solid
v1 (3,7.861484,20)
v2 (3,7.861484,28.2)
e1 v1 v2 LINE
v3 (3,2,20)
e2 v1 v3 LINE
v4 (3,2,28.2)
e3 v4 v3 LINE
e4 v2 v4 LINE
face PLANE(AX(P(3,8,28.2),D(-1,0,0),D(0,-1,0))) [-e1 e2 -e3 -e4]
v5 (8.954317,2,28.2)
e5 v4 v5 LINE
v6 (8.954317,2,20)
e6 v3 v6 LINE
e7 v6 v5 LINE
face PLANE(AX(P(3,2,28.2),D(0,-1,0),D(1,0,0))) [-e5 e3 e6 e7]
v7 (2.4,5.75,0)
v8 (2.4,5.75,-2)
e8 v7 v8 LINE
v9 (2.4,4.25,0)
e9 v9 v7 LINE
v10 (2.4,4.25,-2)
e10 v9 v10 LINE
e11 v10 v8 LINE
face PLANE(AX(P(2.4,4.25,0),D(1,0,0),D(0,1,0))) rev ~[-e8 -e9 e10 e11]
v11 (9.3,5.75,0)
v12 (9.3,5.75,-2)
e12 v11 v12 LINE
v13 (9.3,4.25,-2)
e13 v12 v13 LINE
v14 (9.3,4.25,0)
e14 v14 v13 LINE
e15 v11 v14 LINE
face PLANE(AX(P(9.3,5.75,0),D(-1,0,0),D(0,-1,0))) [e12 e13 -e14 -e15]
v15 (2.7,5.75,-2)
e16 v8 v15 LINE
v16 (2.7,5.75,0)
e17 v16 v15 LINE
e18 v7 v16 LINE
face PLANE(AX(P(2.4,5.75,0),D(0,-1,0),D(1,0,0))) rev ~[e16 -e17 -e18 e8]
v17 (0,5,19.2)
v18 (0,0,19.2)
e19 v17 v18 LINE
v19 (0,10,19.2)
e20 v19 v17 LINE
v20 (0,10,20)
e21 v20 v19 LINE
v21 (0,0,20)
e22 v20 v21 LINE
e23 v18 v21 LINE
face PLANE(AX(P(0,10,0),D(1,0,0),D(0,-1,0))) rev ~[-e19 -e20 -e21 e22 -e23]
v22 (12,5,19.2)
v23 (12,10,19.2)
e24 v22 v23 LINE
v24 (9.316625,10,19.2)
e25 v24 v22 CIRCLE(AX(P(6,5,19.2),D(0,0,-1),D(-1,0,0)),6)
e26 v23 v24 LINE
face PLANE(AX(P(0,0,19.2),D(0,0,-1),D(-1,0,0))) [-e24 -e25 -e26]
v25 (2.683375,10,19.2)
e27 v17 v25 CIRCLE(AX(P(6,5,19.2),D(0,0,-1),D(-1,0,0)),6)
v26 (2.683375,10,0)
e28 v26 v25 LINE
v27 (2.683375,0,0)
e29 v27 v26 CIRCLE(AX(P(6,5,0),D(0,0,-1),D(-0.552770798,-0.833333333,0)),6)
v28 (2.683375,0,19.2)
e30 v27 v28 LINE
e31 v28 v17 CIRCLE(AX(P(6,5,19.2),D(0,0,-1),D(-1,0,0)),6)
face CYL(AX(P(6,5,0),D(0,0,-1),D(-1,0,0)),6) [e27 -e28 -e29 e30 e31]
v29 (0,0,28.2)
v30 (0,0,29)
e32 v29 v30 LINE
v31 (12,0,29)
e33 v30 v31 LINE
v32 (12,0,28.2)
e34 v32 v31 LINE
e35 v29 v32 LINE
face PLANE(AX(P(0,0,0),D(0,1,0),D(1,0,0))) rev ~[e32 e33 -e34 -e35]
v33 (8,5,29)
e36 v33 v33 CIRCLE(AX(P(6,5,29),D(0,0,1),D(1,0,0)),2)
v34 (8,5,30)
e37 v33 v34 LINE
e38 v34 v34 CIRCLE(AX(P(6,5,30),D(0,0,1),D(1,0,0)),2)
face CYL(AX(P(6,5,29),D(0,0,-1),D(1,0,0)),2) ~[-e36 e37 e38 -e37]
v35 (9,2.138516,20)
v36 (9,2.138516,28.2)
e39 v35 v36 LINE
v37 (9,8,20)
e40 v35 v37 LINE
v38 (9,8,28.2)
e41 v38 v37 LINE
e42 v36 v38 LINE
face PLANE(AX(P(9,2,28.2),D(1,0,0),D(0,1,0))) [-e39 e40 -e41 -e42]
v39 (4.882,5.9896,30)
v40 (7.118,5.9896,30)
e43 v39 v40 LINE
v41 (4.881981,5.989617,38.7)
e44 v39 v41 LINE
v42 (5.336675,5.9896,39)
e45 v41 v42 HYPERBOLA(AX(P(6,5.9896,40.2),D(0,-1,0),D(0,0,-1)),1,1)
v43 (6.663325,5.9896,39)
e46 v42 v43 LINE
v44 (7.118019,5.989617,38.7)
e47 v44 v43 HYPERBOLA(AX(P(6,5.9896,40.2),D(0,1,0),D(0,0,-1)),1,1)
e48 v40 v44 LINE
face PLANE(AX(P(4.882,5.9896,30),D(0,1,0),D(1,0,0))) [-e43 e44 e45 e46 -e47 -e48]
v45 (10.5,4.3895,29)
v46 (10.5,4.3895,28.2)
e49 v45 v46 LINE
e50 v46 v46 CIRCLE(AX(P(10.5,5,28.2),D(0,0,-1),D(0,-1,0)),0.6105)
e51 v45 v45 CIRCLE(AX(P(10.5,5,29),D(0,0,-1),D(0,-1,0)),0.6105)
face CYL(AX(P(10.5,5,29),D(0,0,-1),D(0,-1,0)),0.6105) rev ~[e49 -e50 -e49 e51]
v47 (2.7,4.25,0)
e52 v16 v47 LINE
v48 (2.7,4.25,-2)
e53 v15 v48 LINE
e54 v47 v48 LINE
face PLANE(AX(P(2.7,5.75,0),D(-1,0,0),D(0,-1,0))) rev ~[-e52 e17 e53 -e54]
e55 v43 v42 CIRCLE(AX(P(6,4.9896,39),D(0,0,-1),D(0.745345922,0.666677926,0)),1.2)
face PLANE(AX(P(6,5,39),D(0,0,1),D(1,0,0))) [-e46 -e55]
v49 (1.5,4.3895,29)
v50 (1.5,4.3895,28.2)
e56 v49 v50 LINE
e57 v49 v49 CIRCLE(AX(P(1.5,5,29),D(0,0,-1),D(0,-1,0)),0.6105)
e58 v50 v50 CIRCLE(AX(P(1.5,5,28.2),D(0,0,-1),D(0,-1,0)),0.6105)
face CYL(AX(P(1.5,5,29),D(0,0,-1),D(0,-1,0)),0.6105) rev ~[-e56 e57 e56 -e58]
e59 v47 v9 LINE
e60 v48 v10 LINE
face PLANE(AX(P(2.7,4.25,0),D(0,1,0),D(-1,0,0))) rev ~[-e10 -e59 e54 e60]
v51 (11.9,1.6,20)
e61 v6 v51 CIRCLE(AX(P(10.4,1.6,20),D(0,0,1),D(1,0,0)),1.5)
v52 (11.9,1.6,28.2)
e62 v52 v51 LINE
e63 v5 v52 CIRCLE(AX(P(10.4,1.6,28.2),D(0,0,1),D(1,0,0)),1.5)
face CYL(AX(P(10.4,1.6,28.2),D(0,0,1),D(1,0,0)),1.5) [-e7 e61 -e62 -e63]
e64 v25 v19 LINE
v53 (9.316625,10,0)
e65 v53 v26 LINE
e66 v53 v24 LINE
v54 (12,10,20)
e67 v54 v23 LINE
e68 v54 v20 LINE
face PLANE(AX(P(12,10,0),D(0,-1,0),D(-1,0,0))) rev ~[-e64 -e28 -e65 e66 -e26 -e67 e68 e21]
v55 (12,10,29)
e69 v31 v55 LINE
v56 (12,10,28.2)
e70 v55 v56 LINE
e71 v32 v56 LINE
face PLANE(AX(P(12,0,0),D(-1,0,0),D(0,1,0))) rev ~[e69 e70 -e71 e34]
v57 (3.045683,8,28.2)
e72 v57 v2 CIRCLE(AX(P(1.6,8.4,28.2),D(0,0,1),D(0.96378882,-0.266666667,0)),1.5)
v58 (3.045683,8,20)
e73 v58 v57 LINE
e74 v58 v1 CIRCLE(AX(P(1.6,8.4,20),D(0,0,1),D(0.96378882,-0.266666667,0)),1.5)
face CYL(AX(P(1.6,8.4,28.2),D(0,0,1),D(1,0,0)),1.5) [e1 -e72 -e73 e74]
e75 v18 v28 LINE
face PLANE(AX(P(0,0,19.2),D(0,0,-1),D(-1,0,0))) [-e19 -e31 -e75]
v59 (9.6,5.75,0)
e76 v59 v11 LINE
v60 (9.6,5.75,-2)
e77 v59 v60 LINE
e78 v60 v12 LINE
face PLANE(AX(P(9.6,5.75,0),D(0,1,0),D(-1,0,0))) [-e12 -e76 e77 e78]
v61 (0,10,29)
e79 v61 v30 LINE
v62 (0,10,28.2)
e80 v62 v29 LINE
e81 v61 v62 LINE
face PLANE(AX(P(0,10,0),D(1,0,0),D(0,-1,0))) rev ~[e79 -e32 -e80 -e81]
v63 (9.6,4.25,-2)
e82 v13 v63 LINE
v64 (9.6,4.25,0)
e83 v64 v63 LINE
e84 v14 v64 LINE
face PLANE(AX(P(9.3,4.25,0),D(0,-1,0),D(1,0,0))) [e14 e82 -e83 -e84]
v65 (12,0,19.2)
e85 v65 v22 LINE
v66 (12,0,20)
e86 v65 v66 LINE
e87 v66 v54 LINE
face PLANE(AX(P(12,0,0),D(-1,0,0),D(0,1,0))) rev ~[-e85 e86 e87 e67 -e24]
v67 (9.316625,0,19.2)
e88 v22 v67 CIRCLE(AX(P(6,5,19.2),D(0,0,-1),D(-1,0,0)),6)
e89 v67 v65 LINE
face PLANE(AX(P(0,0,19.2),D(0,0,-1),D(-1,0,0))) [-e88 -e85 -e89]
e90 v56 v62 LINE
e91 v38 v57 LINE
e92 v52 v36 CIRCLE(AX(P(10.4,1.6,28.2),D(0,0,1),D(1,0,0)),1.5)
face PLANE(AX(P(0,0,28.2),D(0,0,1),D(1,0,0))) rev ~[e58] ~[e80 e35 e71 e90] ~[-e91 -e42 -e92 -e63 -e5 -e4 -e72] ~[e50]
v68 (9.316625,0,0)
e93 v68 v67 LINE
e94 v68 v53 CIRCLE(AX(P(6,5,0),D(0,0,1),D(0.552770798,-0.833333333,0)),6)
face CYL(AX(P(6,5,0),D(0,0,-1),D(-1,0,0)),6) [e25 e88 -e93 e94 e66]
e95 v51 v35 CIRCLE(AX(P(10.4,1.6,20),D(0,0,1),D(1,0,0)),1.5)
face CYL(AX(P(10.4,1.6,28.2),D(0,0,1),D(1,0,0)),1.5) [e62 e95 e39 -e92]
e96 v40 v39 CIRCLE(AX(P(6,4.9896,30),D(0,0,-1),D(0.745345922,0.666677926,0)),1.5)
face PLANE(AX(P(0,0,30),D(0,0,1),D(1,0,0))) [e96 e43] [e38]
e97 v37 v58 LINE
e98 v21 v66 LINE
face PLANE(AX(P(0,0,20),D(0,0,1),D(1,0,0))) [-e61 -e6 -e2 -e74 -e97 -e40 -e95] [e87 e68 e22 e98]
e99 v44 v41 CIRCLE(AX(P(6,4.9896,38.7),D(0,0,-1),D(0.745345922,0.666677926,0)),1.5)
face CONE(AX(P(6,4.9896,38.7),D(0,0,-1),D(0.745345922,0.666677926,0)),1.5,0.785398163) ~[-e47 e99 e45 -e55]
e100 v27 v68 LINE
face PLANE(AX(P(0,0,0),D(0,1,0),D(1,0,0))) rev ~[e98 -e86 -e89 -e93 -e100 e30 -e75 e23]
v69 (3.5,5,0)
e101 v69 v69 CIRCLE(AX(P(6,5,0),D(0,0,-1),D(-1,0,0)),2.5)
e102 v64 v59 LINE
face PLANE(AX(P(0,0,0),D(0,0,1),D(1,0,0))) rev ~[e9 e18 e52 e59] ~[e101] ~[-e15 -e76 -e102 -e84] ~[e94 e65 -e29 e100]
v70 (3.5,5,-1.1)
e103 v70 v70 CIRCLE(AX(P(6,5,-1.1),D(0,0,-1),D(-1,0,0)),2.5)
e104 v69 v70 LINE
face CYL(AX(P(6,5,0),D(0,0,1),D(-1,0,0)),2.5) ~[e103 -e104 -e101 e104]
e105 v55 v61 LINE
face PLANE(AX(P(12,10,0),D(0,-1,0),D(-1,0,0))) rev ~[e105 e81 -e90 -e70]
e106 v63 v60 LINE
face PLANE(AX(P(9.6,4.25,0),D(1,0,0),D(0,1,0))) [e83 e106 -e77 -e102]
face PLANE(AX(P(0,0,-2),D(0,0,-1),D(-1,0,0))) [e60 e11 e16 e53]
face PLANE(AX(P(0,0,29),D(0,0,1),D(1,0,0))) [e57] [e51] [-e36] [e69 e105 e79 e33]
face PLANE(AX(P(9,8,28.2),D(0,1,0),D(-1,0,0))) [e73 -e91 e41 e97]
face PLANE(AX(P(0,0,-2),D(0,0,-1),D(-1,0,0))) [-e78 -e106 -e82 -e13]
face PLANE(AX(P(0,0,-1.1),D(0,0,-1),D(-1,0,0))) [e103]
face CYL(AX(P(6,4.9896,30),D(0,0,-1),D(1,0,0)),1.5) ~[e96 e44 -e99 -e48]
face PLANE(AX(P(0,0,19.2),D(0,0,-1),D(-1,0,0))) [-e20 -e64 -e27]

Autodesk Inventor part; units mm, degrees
ref_plane "YZ Plane" through (0, 0, 0) normal (1, 0, 0) x (0, 1, 0)
ref_plane "XZ Plane" through (0, 0, 0) normal (0, 1, 0) x (-1, 0, 0)
sketch "Sketch1" plane through (0, 0, 0) normal (0, 0, 1) x (1, 0, 0)
  line L0 (0, 0) -> (12, 0)
  line L1 (12, 0) -> (12, 10)
  line L2 (12, 10) -> (0, 10)
  line L3 (0, 10) -> (0, 0)
  dimension "d0" = 10
  dimension "d1" = 12
extrude "Extrusion1" add sketch "Sketch1" along normal blind 20
sketch "Sketch2" plane through (0, 0, 20) normal (0, 0, 1) x (1, 0, 0)
  line L0 (12, 0) -> (12, 10) projected
  line L1 (0, 0) -> (12, 0)
  line L2 (12, 0) -> (12, 10)
  line L3 (12, 10) -> (0, 10)
  line L4 (0, 10) -> (0, 0)
extrude "Extrusion2" add sketch "Sketch2" along normal blind 9
sketch "Sketch3" plane through (0, 0, 29) normal (0, 0, 1) x (1, 0, 0)
  line L0 (12, 10) -> (0, 10) projected
  line L1 (0, 10) -> (0, 0) projected
  line L2 (12, 0) -> (12, 10) projected
  point P0 (1.5, 5)
  point P1 (10.5, 5)
  dimension "d6" = 5
  dimension "d7" = 5
  dimension "d8" = 9
  dimension "d9" = 1.5
  dimension "d10" = 1.5
hole "Hole1" at (1.5, 5, 29) at (10.5, 5, 29) direction (0, 0, -1) diameter 1.221 depth 0.8 thread size "M1.6x0.35" class "6H" standard "ISO Metric profile"
ref_plane "Work Plane1" through (0, 0, 28.2) normal (0, 0, 1) x (1, 0, 0)
sketch "Sketch4" plane through (0, 0, 28.2) normal (0, 0, 1) x (1, 0, 0)
  line L0 (0, 10) -> (0, 0) projected
  line L1 (12, 0) -> (12, 10) projected
  line L2 (0, 0) -> (12, 0)
  line L3 (12, 0) -> (12, 10)
  line L4 (12, 10) -> (0, 10)
  line L5 (0, 10) -> (0, 0)
  line L6 (3, 2) -> (9, 2)
  line L7 (9, 2) -> (9, 8)
  line L8 (9, 8) -> (3, 8)
  line L9 (3, 8) -> (3, 2)
  circle A0 centre (10.5, 5) radius 0.6105 projected
  circle A1 centre (1.5, 5) radius 0.6105 projected
  point P0 (6, 5)
  dimension "d19" = 2
  dimension "d20" = 2
  dimension "d21" = 1.5
  dimension "d22" = 1.5
extrude "Extrusion3" cut sketch "Sketch4" against normal blind 8.2 contours L4 L1 L2 L0 | A0 | A1
sketch "Sketch5" plane through (0, 0, 28.2) normal (0, 0, 1) x (1, 0, 0)
  line L0 (12, 10) -> (0, 10) projected
  line L1 (0, 10) -> (0, 0) projected
  line L2 (12, 0) -> (12, 10) projected
  line L3 (0, 0) -> (12, 0) projected
  circle A0 centre (1.6, 8.4) radius 1.5
  circle A1 centre (10.4, 1.6) radius 1.5
  dimension "d25" = 1.6
  dimension "d26" = 1.6
  dimension "d27" = 1.6
  dimension "d28" = 1.6
  dimension "d29" = 3
extrude "Extrusion4" add sketch "Sketch5" against normal up to surface (8.2 mm away) contours A0 | A1
sketch "Sketch6" plane through (0, 0, 29) normal (0, 0, 1) x (1, 0, 0)
  line L0 (12, 10) -> (0, 10) projected
  line L1 (0, 0) -> (12, 0) projected
  line L2 (12, 0) -> (12, 10) projected
  line L3 (0, 10) -> (0, 0) projected
  circle A0 centre (6, 5) radius 2
  dimension "d32" = 5
  dimension "d33" = 5
  dimension "d34" = 6
  dimension "d35" = 6
  dimension "d36" = 4
extrude "Extrusion5" add sketch "Sketch6" along normal blind 1 contours A0
sketch "Sketch7" plane through (6, 5, 30) normal (0, 0, 1) x (1, 0, 0)
  circle A0 centre (0, -0.0104) radius 1.5
  line L0 (-1.118, 0.9896) -> (1.118, 0.9896)
  point P0 (-6, -5)
  point P1 (0, -1.5104)
  dimension "d39" = 3
  dimension "d40" = 2.5
extrude "Extrusion6" add sketch "Sketch7" along normal blind 9 contours A0 L0 picked at (0.0594, 0.1598)
chamfer "Chamfer1" distance 0.3 angle 45 1 edges at (6, 3.4896, 39)
sketch "Sketch8" plane through (0, 0, 0) normal (0, 0, -1) x (-1, 0, 0)
  line L0 (-12, 10) -> (0, 10) projected
  line L1 (-12, 0) -> (-12, 10) projected
  circle A0 centre (-6, 5) radius 6
  line L2 (-12, 10) -> (-12, 0) projected
  line L3 (0, 0) -> (-12, 0)
  line L4 (-12, 0) -> (-12, 10)
  line L5 (-12, 10) -> (0, 10)
  line L6 (0, 10) -> (0, 0)
  point P0 (0, 5)
  point P1 (0, 10)
  point P2 (-2.6834, 10)
  point P3 (-2.6834, 0)
  point P4 (-9.3166, 0)
  point P5 (-12, 5)
  point P6 (-9.3166, 10)
  dimension "d46" = 5
  dimension "d47" = 6
extrude "Extrusion7" cut sketch "Sketch8" against normal blind 19.2 contours L0 A0 L1 | A0 L3 L1 | L0 L6 A0 | L6 L3 A0
sketch "Sketch9" plane through (0, 0, 0) normal (0, 0, -1) x (-1, 0, 0)
  arc A0 (-9.3166, 10) -> (-9.3166, 0) centre (-6, 5) ccw projected
  line L0 (-12, 5) -> (-12, 10) projected
  line L1 (0, 5) -> (0, 0) projected
  line L2 (-9.3, 4.25) -> (-9.6, 4.25)
  line L3 (-9.6, 4.25) -> (-9.6, 5.75)
  line L4 (-9.6, 5.75) -> (-9.3, 5.75)
  line L5 (-9.3, 5.75) -> (-9.3, 4.25)
  line L6 (-9.3, 4.25) -> (-9.6, 5.75) construction
  line L7 (-9.6, 4.25) -> (-9.3, 5.75) construction
  line L8 (-2.7, 4.25) -> (-2.4, 4.25)
  line L9 (-2.4, 4.25) -> (-2.4, 5.75)
  line L10 (-2.4, 5.75) -> (-2.7, 5.75)
  line L11 (-2.7, 5.75) -> (-2.7, 4.25)
  line L12 (-2.7, 4.25) -> (-2.4, 5.75) construction
  line L13 (-2.4, 4.25) -> (-2.7, 5.75) construction
  point P0 (-9.45, 5)
  point P1 (-2.55, 5)
  dimension "d50" = 6.9
  dimension "d51" = 0
  dimension "d52" = 0
  dimension "d53" = 2.55
  dimension "d54" = 2.55
  dimension "d55" = 1.5
  dimension "d56" = 0.3
extrude "Extrusion8" add sketch "Sketch9" along normal blind 2
sketch "Sketch10" plane through (0, 0, 0) normal (0, 0, -1) x (-1, 0, 0)
  line L0 (-9.3166, 10) -> (-2.6834, 10) projected
  line L1 (-12, 0) -> (-12, 5) projected
  circle A0 centre (-6, 5) radius 2.5
  point P0 (0, 0)
  dimension "d59" = 5
  dimension "d60" = 6
  dimension "d61" = 5
extrude "Extrusion9" add sketch "Sketch10" along normal blind 1.1
equation "\"d7\" = d6"
equation "\"d9\" = d10"
equation "\"d20\" = d19"
equation "\"d22\" = d21"
equation "\"d26\" = d25"
equation "\"d27\" = d26"
equation "\"d28\" = d27"
equation "\"d32\" = d33"
equation "\"d34\" = d35"
equation "\"d53\" = d54"
properties part number "N30 gear motor"
